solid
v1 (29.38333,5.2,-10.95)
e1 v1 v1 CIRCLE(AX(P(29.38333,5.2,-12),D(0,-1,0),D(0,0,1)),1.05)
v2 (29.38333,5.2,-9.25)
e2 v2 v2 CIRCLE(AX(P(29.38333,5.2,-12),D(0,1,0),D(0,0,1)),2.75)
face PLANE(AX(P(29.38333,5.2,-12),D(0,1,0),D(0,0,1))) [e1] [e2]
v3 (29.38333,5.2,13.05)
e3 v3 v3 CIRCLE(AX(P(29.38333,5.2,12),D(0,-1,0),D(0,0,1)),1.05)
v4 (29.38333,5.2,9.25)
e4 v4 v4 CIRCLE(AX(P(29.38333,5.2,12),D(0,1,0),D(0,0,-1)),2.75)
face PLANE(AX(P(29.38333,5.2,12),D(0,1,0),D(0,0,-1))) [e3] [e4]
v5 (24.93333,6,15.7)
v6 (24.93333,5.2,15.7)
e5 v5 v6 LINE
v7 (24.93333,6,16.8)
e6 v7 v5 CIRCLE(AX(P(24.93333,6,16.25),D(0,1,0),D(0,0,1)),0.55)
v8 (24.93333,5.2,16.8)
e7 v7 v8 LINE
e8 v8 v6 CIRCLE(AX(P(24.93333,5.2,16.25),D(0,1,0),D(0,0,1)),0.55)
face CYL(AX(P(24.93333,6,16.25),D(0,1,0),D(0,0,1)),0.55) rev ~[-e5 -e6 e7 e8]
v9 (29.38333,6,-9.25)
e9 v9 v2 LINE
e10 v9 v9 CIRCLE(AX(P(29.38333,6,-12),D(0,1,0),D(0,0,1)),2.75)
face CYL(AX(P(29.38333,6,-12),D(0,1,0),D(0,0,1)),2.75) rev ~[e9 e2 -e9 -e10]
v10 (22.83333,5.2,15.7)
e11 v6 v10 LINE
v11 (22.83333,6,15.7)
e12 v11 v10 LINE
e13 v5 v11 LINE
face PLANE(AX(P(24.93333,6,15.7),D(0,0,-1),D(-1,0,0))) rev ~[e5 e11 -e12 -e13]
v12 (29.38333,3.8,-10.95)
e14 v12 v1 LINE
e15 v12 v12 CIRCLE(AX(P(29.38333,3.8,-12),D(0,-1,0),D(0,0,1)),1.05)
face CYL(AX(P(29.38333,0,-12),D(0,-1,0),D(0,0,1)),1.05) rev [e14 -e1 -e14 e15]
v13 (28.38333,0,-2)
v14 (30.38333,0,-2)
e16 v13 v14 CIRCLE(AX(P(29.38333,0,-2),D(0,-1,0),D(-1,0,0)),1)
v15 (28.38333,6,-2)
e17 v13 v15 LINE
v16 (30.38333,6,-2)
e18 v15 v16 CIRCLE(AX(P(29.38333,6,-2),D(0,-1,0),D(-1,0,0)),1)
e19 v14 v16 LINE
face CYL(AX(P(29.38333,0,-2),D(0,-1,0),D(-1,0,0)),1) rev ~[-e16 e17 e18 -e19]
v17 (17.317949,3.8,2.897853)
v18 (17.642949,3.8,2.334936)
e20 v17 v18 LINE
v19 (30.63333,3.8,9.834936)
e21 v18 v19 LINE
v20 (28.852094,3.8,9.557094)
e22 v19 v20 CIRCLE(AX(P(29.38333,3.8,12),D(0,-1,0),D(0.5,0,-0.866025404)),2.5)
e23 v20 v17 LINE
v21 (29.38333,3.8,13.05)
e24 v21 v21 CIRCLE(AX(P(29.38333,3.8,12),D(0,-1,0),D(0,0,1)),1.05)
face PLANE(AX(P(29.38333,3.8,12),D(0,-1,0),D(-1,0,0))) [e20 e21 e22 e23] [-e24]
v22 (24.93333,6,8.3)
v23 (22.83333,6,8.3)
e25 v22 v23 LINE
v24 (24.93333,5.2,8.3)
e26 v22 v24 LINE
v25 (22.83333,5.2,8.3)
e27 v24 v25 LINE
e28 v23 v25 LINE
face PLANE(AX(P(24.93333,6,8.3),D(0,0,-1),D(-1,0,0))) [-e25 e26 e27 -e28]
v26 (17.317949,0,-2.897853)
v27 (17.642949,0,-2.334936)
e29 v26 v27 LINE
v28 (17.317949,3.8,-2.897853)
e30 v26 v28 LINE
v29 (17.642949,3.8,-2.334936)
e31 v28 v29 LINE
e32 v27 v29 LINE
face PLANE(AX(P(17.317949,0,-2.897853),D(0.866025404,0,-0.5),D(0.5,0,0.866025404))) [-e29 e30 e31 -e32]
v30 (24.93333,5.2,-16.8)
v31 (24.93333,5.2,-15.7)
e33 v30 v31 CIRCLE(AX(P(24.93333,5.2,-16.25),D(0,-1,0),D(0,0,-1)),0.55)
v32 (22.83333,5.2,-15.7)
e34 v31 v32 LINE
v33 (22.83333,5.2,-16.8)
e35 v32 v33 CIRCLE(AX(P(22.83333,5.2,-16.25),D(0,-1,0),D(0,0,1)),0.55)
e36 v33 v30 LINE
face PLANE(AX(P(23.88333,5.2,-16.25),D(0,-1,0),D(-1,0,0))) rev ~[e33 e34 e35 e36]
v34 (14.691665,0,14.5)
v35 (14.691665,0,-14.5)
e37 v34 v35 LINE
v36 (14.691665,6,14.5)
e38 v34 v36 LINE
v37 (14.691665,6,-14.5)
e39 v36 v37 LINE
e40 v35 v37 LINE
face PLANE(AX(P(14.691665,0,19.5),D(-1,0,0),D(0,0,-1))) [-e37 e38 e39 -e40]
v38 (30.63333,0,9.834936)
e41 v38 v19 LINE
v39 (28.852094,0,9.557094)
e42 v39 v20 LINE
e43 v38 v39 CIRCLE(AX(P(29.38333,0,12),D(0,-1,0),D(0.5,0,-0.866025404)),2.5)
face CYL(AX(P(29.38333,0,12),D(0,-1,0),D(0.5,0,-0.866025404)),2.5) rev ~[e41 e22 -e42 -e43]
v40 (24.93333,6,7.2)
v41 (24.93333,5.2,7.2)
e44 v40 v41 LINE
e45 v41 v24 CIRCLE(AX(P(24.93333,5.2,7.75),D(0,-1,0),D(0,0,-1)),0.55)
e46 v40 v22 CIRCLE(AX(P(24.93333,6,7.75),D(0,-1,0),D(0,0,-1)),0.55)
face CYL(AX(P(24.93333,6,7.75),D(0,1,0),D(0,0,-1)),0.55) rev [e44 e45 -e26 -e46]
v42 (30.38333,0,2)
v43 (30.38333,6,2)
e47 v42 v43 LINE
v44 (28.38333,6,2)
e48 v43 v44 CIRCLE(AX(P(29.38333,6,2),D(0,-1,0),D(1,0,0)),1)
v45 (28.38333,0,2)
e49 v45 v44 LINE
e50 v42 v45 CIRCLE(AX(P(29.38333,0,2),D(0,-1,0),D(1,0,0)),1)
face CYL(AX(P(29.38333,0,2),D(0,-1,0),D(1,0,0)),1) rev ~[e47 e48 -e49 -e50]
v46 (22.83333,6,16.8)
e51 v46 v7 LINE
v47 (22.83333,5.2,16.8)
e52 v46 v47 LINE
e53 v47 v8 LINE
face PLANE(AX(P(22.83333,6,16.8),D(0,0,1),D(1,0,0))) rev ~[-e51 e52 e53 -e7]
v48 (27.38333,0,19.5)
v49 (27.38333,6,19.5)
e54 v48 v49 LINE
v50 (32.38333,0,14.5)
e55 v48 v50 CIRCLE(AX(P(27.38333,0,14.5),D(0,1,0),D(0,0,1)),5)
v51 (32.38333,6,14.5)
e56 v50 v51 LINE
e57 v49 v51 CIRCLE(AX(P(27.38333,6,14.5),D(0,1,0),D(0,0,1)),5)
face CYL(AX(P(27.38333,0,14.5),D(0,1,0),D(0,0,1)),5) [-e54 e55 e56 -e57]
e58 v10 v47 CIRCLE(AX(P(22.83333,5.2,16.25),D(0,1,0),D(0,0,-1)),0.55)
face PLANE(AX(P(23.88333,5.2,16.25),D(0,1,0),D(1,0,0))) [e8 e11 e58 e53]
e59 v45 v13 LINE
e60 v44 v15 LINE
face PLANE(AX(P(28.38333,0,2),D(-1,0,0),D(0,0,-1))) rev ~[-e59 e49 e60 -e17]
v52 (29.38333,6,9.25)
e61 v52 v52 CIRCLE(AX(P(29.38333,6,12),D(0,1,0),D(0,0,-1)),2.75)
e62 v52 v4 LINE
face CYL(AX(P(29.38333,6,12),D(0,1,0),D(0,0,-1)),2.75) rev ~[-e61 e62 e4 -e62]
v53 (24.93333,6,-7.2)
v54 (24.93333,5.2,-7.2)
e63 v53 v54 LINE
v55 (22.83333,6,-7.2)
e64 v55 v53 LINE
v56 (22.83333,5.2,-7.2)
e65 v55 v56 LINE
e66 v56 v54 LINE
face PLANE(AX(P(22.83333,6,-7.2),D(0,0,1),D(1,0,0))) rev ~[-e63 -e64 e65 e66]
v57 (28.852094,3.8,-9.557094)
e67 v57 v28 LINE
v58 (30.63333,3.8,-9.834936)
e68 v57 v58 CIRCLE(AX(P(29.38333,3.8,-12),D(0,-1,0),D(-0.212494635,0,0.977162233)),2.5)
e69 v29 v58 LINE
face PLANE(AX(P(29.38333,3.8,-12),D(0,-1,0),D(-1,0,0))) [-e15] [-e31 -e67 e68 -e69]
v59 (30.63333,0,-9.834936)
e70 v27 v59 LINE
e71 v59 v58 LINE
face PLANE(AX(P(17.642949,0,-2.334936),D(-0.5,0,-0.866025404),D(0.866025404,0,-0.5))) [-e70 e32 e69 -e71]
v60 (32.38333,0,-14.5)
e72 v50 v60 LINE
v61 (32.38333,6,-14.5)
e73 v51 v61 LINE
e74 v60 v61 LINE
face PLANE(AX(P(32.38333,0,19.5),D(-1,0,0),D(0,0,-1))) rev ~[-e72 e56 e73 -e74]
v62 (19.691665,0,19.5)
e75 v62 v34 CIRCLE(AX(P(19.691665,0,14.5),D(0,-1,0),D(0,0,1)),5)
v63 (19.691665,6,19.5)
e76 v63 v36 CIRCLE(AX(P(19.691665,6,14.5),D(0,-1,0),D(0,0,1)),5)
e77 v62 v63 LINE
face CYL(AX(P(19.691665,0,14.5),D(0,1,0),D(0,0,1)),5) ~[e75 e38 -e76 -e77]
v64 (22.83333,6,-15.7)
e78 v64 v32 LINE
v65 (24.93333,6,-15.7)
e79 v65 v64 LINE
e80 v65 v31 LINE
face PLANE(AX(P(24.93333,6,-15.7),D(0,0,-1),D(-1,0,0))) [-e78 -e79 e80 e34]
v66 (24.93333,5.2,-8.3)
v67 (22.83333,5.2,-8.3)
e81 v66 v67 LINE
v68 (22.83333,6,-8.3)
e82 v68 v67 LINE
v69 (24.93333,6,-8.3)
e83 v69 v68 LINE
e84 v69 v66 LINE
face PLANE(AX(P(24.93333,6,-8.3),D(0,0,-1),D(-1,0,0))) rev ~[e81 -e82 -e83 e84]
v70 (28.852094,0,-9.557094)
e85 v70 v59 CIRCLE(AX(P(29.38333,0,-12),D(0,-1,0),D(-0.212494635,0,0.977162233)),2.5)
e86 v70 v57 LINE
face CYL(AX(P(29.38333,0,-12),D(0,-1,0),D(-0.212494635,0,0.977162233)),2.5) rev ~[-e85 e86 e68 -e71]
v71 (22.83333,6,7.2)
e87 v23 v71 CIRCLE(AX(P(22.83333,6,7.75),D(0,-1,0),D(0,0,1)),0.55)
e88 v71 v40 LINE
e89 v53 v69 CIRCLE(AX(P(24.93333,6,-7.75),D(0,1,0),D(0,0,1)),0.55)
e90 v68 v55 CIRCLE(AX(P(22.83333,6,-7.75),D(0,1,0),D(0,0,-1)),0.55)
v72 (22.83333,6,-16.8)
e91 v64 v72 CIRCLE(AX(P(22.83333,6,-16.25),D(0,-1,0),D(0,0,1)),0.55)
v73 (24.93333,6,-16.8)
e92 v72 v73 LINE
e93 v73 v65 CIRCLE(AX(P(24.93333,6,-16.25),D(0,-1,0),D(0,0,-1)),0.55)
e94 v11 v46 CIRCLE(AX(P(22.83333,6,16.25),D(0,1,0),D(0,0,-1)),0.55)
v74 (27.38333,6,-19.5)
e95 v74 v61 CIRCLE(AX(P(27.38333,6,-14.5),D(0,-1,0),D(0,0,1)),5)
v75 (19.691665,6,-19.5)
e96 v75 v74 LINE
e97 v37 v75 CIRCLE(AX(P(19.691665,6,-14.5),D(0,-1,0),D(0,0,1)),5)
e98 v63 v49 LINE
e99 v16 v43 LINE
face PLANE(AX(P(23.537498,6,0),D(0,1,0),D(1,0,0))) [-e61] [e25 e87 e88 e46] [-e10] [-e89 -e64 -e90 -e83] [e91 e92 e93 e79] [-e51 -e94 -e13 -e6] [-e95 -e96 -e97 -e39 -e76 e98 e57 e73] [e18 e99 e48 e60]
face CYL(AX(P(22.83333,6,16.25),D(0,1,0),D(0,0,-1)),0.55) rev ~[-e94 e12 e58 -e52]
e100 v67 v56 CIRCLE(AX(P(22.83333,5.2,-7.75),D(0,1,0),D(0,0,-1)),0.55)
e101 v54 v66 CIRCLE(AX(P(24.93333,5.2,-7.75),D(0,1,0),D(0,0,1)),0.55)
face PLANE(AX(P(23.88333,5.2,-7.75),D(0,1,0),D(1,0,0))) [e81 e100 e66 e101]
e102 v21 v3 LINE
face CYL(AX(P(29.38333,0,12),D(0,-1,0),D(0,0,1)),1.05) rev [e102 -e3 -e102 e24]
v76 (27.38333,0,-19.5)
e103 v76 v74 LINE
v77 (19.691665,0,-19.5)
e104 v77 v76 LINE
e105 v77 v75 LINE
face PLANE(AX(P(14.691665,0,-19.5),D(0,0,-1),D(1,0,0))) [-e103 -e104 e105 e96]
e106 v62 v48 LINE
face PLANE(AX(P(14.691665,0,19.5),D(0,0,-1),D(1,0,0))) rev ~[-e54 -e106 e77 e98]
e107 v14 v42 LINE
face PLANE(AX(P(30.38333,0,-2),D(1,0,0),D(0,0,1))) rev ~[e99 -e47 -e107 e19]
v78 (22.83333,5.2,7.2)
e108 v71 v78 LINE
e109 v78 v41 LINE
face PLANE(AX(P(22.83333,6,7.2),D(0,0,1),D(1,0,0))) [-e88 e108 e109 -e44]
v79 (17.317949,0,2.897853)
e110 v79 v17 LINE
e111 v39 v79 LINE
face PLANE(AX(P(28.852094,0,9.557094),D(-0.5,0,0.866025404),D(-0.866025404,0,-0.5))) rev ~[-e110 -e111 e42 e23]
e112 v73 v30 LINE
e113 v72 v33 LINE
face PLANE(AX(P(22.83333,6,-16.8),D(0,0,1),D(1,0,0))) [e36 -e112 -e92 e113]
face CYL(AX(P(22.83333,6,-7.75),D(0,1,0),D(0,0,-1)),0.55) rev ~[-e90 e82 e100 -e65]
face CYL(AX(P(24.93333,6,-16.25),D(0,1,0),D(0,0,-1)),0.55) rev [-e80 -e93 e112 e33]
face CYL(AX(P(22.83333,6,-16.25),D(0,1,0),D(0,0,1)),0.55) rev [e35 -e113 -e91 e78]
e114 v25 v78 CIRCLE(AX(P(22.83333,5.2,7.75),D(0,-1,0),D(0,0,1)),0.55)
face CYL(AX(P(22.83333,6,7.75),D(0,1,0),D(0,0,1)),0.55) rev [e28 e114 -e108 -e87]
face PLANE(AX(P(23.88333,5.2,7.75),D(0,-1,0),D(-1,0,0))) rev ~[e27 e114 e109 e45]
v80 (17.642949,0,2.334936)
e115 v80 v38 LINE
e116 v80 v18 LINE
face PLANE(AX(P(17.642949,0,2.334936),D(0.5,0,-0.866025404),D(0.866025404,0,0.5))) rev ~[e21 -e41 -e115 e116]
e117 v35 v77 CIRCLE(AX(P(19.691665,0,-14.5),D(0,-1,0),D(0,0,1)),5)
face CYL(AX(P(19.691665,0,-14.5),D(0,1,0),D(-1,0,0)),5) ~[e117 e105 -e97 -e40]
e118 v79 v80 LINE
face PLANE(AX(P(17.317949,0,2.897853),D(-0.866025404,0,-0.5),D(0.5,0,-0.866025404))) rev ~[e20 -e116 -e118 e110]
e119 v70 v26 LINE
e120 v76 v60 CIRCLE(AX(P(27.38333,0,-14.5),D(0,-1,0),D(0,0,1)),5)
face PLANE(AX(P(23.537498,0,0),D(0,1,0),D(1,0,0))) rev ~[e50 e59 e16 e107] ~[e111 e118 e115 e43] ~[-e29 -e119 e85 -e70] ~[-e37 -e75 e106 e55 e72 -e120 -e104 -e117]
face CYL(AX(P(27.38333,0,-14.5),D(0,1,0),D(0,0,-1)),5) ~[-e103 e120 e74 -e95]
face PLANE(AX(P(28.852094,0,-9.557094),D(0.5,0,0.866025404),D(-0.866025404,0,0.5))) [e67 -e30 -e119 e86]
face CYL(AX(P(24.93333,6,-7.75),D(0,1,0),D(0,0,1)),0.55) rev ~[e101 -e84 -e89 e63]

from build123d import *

# Parameters (mm, degrees)
SKETCH1_W           = 17.691665124
SKETCH1_H           = 39
SKETCH1_R           = 1.05
BOSS_EXTRUDE1_DEPTH = 6
SKETCH6_R           = 2.5
CUT_EXTRUDE1_DEPTH  = 3.8
FILLET1_R           = 5
FILLET2_R           = 5
SKETCH7_R           = 2.75
CUT_EXTRUDE2_DEPTH  = 0.8


with BuildPart() as part:
    # Sketch1 → Boss-Extrude1 (new body)
    with BuildSketch(Plane(origin=(0, 0, 0), x_dir=(1, 0, 0), z_dir=(0, 1, 0))):
        with Locations((23.537497687, 0)):
            Rectangle(SKETCH1_W, SKETCH1_H)
        with Locations(Location((29.383330249, -12, 0), (0, 0, 270))):
            Circle(SKETCH1_R, mode=Mode.SUBTRACT)
        with BuildLine():
            ThreePointArc((30.383330249, -2), (29.383330249, -3), (28.383330249, -2))
            Line((28.383330249, -2), (28.383330249, 2))
            ThreePointArc((28.383330249, 2), (29.383330249, 3), (30.383330249, 2))
            Line((30.383330249, 2), (30.383330249, -2))
        make_face(mode=Mode.SUBTRACT)
        with Locations(Location((29.383330249, 12, 0), (0, 0, 270))):
            Circle(SKETCH1_R, mode=Mode.SUBTRACT)
    extrude(amount=BOSS_EXTRUDE1_DEPTH)

    # Sketch6 → Cut-Extrude1 (cut)
    with BuildSketch(Plane(origin=(0, 0, 0), x_dir=(-1, 0, 0), z_dir=(0, -1, 0))):
        with Locations((-29.383330249, -12)):
            Circle(SKETCH6_R)
        with Locations((-29.383330249, 12)):
            Circle(SKETCH6_R)
        Polygon((-30.633330249, -9.834936491), (-30.308330249, -10.397853003), (-17.317949192, -2.897853003), (-17.642949192, -2.334936491), align=None)
        Polygon((-30.633330249, 9.834936491), (-30.308330249, 10.397853003), (-17.317949192, 2.897853003), (-17.642949192, 2.334936491), align=None)
    extrude(amount=-CUT_EXTRUDE1_DEPTH, mode=Mode.SUBTRACT)

    # Fillet1
    fillet1_edges = [part.edges().sort_by_distance(p)[0] for p in [
        (32.383330249, 3, 19.5),
        (32.383330249, 3, -19.5),
    ]]
    fillet(fillet1_edges, radius=FILLET1_R)

    # Fillet2
    fillet2_edges = [part.edges().sort_by_distance(p)[0] for p in [
        (14.691665125, 3, 19.5),
        (14.691665125, 3, -19.5),
    ]]
    fillet(fillet2_edges, radius=FILLET2_R)

    # Sketch7 → Cut-Extrude2 (cut)
    with BuildSketch(Plane(origin=(0, 6, 0), x_dir=(1, 0, 0), z_dir=(0, 1, 0))):
        with Locations(Location((29.383330249, 12, 0), (0, 0, 270))):
            Circle(SKETCH7_R)
        with Locations(Location((29.383330249, -12, 0), (0, 0, 90))):
            Circle(SKETCH7_R)
        with BuildLine():
            Line((22.833330249, 16.8), (24.933330249, 16.8))
            ThreePointArc((24.933330249, 16.8), (25.483330249, 16.25), (24.933330249, 15.7))
            Line((24.933330249, 15.7), (22.833330249, 15.7))
            ThreePointArc((22.833330249, 15.7), (22.283330249, 16.25), (22.833330249, 16.8))
        make_face()
        with BuildLine():
            Line((22.833330249, 7.2), (24.933330249, 7.2))
            ThreePointArc((24.933330249, 7.2), (25.483330249, 7.75), (24.933330249, 8.3))
            Line((24.933330249, 8.3), (22.833330249, 8.3))
            ThreePointArc((22.833330249, 8.3), (22.283330249, 7.75), (22.833330249, 7.2))
        make_face()
        with BuildLine():
            Line((22.833330249, -7.2), (24.933330249, -7.2))
            ThreePointArc((24.933330249, -7.2), (25.483330249, -7.75), (24.933330249, -8.3))
            Line((24.933330249, -8.3), (22.833330249, -8.3))
            ThreePointArc((22.833330249, -8.3), (22.283330249, -7.75), (22.833330249, -7.2))
        make_face()
        with BuildLine():
            Line((22.833330249, -16.8), (24.933330249, -16.8))
            ThreePointArc((24.933330249, -16.8), (25.483330249, -16.25), (24.933330249, -15.7))
            Line((24.933330249, -15.7), (22.833330249, -15.7))
            ThreePointArc((22.833330249, -15.7), (22.283330249, -16.25), (22.833330249, -16.8))
        make_face()
    extrude(amount=-CUT_EXTRUDE2_DEPTH, mode=Mode.SUBTRACT)


solid = part.part
